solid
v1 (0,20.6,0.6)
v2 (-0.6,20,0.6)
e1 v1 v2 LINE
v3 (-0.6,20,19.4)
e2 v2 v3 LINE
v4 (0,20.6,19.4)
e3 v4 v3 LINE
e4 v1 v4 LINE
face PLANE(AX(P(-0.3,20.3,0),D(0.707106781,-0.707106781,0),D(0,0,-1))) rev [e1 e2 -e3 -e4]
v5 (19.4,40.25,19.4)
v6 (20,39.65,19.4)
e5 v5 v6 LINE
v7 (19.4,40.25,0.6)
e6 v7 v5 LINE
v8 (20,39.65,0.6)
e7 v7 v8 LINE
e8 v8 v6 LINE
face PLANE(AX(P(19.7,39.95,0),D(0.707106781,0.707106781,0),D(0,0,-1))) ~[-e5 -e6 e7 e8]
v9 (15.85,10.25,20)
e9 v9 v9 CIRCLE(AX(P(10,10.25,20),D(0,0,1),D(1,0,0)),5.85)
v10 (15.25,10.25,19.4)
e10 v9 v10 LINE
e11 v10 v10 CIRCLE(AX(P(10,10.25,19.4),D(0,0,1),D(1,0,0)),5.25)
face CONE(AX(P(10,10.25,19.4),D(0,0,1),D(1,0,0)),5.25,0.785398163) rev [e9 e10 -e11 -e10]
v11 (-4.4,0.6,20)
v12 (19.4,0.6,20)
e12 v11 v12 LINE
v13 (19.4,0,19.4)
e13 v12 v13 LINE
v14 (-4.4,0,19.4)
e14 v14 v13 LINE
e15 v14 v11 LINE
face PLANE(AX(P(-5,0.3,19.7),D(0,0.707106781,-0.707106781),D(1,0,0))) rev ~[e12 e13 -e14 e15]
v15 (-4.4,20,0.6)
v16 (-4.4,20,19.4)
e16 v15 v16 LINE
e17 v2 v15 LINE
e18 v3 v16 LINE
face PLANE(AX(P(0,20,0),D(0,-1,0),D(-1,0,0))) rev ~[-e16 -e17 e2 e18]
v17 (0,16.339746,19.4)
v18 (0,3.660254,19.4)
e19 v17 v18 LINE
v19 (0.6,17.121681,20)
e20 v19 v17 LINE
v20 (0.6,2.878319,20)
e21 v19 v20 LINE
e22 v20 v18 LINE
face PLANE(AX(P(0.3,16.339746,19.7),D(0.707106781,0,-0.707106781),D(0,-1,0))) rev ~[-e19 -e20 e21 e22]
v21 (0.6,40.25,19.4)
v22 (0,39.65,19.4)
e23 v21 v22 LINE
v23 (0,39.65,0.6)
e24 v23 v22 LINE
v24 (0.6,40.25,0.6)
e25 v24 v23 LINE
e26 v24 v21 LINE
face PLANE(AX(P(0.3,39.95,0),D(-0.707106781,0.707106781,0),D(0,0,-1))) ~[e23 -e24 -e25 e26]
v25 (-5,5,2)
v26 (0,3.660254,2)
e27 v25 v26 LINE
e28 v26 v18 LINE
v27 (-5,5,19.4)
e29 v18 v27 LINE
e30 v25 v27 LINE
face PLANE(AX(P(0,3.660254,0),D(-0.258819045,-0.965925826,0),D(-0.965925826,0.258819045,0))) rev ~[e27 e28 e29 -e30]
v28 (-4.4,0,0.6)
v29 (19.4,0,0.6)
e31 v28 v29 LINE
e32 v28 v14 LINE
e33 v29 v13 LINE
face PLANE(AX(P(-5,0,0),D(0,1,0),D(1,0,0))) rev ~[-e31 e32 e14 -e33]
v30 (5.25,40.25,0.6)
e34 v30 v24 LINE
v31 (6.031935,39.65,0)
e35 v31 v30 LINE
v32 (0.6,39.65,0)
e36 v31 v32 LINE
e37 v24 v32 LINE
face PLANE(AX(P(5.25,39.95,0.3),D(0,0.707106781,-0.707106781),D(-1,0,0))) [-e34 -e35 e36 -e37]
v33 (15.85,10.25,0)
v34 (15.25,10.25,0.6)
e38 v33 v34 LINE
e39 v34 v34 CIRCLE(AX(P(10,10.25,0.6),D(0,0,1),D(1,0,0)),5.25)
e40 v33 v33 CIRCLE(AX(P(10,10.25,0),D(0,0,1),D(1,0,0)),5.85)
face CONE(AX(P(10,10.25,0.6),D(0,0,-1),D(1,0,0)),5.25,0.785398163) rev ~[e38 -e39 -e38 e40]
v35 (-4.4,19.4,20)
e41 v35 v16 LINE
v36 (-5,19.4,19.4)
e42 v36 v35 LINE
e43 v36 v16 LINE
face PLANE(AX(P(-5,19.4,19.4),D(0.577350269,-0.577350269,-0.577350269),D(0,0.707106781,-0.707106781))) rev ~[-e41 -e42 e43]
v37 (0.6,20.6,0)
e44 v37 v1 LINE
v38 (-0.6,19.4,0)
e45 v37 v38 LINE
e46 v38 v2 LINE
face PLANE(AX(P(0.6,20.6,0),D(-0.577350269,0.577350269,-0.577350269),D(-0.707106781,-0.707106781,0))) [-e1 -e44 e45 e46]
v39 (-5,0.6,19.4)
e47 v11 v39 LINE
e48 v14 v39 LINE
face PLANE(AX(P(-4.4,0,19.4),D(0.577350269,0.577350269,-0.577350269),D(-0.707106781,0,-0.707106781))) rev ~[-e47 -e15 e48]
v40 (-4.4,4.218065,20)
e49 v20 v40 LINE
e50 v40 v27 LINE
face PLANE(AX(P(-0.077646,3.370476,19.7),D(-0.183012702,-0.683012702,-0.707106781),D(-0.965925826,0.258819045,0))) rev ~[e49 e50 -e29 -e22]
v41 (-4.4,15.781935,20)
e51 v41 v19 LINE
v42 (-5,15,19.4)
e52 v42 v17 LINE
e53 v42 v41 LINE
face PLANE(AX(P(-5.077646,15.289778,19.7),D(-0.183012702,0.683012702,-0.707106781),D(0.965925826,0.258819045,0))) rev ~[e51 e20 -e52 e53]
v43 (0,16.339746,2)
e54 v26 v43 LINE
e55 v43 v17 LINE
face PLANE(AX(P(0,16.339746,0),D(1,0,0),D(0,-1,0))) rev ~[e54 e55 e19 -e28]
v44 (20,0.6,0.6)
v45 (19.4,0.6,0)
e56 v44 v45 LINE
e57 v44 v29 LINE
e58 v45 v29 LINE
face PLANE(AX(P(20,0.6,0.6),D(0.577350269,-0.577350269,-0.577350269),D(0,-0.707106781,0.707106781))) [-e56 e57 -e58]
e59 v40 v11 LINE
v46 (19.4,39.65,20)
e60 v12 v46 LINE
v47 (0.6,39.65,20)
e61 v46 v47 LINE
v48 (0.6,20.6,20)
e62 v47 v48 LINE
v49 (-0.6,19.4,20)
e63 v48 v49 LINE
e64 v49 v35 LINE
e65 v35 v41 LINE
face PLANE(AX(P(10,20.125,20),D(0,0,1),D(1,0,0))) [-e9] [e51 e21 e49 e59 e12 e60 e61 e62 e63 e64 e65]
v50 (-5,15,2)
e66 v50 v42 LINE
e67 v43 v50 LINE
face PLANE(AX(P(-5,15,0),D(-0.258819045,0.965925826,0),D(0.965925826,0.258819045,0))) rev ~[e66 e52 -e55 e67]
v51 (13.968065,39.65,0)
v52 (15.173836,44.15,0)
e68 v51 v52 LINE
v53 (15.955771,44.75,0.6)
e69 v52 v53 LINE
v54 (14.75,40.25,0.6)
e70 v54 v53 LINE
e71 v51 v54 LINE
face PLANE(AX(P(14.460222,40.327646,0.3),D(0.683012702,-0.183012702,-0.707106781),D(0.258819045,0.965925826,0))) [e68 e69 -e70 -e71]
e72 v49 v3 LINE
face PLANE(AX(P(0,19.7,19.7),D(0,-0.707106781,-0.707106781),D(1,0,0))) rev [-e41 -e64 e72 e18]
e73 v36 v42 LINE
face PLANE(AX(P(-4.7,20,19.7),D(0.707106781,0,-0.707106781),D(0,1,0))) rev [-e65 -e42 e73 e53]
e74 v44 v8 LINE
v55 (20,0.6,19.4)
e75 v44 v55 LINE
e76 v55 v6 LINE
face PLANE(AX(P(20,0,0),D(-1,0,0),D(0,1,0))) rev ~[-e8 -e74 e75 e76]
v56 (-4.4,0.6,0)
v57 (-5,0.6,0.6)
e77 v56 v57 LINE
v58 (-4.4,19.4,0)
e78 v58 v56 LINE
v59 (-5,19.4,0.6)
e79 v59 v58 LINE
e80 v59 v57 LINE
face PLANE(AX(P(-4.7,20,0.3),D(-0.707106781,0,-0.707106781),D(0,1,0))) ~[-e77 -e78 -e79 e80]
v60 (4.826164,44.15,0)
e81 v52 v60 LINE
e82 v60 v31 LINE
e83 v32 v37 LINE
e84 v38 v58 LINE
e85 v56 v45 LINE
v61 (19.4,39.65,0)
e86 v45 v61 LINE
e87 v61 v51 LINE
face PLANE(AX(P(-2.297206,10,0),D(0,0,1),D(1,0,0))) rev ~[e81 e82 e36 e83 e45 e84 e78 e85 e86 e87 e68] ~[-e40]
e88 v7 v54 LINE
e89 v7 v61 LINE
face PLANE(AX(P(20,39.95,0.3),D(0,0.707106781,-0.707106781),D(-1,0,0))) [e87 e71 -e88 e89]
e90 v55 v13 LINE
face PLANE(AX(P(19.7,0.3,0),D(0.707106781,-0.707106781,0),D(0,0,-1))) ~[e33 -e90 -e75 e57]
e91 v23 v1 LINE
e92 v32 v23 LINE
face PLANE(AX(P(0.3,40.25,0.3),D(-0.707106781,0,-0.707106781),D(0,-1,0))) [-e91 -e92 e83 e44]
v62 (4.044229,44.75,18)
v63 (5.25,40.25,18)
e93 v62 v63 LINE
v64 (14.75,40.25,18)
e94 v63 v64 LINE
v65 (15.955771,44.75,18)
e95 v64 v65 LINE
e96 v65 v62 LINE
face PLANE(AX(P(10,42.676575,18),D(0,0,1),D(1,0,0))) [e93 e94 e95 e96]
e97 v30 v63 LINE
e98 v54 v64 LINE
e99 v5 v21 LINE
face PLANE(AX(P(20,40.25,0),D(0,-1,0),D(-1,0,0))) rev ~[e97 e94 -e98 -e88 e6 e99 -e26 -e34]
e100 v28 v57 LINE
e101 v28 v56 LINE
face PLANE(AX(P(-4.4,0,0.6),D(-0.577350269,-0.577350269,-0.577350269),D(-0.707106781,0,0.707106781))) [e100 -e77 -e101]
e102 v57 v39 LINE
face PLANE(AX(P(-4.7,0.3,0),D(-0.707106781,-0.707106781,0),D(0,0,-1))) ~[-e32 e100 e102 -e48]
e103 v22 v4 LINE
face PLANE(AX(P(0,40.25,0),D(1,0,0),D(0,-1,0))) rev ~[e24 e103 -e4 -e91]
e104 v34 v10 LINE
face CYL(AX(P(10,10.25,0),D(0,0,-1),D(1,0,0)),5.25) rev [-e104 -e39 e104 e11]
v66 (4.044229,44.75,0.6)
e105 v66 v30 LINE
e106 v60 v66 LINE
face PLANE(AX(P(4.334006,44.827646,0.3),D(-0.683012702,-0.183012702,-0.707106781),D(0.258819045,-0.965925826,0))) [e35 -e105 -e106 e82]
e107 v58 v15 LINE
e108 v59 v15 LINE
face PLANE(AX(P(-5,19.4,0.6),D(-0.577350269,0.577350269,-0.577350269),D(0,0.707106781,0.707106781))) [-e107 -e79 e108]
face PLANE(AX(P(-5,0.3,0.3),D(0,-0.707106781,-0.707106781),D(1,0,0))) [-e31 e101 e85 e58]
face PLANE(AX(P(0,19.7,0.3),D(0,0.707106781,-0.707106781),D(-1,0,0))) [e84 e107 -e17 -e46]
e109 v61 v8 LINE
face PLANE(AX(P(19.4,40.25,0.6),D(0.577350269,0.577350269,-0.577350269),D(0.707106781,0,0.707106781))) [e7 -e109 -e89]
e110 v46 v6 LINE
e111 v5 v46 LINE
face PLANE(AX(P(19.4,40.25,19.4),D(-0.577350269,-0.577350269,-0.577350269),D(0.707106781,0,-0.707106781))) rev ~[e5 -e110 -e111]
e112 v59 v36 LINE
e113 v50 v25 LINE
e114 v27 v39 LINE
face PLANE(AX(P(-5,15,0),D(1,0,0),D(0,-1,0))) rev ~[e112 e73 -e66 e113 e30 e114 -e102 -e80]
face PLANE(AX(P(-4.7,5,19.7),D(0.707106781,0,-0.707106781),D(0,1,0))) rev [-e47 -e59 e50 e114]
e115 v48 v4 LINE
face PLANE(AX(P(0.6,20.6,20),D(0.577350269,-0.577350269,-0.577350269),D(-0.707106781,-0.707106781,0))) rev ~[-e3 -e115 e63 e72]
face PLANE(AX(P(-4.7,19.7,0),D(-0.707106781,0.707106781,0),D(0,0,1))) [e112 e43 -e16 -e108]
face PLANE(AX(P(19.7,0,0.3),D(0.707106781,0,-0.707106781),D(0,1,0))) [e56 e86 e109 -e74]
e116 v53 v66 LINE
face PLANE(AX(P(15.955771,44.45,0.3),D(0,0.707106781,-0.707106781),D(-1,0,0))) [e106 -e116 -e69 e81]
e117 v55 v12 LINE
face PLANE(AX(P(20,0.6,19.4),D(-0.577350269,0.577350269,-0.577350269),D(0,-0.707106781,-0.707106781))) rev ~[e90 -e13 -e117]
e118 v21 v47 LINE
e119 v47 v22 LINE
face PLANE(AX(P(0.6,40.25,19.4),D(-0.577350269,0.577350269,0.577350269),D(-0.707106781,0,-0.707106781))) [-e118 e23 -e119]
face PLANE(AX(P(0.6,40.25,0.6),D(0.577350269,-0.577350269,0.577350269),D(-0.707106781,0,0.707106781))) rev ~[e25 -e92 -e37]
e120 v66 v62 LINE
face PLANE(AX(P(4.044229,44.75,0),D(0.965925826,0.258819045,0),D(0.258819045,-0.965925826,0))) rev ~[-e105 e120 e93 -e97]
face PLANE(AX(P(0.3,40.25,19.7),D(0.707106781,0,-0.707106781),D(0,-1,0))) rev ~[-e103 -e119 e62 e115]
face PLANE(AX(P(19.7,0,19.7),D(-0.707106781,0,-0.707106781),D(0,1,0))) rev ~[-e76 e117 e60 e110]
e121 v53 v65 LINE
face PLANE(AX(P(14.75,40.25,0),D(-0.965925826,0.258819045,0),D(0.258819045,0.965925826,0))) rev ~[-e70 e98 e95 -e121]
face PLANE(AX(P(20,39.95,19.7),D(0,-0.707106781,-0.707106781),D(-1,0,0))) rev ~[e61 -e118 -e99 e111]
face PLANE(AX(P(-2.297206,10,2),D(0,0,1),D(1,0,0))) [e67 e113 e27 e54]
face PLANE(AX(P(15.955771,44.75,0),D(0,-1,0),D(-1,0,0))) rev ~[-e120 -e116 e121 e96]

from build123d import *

# Parameters (mm, degrees)
F2_R     = 5.25
F3_DEPTH = 20
F4_DEPTH = 2
F5_DEPTH = 18
F6_SIZE  = 0.6


with BuildPart() as f3:
    # F2 (on Top) → F3 (new body)
    with BuildSketch(Plane.XY):
        Polygon((5.25, 40.25), (0, 40.25), (0, 20), (0, 16.3397459622), (0, 3.6602540378), (0, 0), (20, 0), (20, 40.25), (14.75, 40.25), align=None)
        with Locations((10, 10.25)):
            Circle(F2_R, mode=Mode.SUBTRACT)
        Polygon((0, 16.3397459622), (0, 20), (-5, 20), (-5, 15), align=None)
        Polygon((0, 0), (0, 3.6602540378), (-5, 5), (-5, 0), align=None)
    extrude(amount=F3_DEPTH)

    # F2 (on Top) → F4 (join)
    with BuildSketch(Plane.XY):
        Polygon((0, 3.6602540378), (0, 16.3397459622), (-5, 15), (-5, 5), align=None)
    extrude(amount=F4_DEPTH)

    # F2 (on Top) → F5 (join)
    with BuildSketch(Plane.XY):
        Polygon((4.0442286341, 44.75), (5.25, 40.25), (14.75, 40.25), (15.9557713659, 44.75), align=None)
    extrude(amount=F5_DEPTH)

    # F6
    f6_edges = [f3.edges().sort_by_distance(p)[0] for p in [
        (0, 30.125, 0),
        (-2.5, 20, 0),
        (-5, 10, 0),
        (7.5, 0, 0),
        (20, 20.125, 0),
        (17.375, 40.25, 0),
        (15.352886, 42.5, 0),
        (10, 44.75, 0),
        (4.647114, 42.5, 0),
        (2.625, 40.25, 0),
        (4.75, 10.25, 0),
        (0, 30.125, 20),
        (-2.5, 20, 20),
        (-5, 17.5, 20),
        (-2.5, 15.669873, 20),
        (0, 10, 20),
        (-2.5, 4.330127, 20),
        (-5, 2.5, 20),
        (7.5, 0, 20),
        (20, 20.125, 20),
        (10, 40.25, 20),
        (4.75, 10.25, 20),
        (-5, 0, 10),
        (20, 0, 10),
        (20, 40.25, 10),
        (0, 20, 10),
        (-5, 20, 10),
        (0, 40.25, 10),
    ]]
    chamfer(f6_edges, length=F6_SIZE)


solid = f3.part
